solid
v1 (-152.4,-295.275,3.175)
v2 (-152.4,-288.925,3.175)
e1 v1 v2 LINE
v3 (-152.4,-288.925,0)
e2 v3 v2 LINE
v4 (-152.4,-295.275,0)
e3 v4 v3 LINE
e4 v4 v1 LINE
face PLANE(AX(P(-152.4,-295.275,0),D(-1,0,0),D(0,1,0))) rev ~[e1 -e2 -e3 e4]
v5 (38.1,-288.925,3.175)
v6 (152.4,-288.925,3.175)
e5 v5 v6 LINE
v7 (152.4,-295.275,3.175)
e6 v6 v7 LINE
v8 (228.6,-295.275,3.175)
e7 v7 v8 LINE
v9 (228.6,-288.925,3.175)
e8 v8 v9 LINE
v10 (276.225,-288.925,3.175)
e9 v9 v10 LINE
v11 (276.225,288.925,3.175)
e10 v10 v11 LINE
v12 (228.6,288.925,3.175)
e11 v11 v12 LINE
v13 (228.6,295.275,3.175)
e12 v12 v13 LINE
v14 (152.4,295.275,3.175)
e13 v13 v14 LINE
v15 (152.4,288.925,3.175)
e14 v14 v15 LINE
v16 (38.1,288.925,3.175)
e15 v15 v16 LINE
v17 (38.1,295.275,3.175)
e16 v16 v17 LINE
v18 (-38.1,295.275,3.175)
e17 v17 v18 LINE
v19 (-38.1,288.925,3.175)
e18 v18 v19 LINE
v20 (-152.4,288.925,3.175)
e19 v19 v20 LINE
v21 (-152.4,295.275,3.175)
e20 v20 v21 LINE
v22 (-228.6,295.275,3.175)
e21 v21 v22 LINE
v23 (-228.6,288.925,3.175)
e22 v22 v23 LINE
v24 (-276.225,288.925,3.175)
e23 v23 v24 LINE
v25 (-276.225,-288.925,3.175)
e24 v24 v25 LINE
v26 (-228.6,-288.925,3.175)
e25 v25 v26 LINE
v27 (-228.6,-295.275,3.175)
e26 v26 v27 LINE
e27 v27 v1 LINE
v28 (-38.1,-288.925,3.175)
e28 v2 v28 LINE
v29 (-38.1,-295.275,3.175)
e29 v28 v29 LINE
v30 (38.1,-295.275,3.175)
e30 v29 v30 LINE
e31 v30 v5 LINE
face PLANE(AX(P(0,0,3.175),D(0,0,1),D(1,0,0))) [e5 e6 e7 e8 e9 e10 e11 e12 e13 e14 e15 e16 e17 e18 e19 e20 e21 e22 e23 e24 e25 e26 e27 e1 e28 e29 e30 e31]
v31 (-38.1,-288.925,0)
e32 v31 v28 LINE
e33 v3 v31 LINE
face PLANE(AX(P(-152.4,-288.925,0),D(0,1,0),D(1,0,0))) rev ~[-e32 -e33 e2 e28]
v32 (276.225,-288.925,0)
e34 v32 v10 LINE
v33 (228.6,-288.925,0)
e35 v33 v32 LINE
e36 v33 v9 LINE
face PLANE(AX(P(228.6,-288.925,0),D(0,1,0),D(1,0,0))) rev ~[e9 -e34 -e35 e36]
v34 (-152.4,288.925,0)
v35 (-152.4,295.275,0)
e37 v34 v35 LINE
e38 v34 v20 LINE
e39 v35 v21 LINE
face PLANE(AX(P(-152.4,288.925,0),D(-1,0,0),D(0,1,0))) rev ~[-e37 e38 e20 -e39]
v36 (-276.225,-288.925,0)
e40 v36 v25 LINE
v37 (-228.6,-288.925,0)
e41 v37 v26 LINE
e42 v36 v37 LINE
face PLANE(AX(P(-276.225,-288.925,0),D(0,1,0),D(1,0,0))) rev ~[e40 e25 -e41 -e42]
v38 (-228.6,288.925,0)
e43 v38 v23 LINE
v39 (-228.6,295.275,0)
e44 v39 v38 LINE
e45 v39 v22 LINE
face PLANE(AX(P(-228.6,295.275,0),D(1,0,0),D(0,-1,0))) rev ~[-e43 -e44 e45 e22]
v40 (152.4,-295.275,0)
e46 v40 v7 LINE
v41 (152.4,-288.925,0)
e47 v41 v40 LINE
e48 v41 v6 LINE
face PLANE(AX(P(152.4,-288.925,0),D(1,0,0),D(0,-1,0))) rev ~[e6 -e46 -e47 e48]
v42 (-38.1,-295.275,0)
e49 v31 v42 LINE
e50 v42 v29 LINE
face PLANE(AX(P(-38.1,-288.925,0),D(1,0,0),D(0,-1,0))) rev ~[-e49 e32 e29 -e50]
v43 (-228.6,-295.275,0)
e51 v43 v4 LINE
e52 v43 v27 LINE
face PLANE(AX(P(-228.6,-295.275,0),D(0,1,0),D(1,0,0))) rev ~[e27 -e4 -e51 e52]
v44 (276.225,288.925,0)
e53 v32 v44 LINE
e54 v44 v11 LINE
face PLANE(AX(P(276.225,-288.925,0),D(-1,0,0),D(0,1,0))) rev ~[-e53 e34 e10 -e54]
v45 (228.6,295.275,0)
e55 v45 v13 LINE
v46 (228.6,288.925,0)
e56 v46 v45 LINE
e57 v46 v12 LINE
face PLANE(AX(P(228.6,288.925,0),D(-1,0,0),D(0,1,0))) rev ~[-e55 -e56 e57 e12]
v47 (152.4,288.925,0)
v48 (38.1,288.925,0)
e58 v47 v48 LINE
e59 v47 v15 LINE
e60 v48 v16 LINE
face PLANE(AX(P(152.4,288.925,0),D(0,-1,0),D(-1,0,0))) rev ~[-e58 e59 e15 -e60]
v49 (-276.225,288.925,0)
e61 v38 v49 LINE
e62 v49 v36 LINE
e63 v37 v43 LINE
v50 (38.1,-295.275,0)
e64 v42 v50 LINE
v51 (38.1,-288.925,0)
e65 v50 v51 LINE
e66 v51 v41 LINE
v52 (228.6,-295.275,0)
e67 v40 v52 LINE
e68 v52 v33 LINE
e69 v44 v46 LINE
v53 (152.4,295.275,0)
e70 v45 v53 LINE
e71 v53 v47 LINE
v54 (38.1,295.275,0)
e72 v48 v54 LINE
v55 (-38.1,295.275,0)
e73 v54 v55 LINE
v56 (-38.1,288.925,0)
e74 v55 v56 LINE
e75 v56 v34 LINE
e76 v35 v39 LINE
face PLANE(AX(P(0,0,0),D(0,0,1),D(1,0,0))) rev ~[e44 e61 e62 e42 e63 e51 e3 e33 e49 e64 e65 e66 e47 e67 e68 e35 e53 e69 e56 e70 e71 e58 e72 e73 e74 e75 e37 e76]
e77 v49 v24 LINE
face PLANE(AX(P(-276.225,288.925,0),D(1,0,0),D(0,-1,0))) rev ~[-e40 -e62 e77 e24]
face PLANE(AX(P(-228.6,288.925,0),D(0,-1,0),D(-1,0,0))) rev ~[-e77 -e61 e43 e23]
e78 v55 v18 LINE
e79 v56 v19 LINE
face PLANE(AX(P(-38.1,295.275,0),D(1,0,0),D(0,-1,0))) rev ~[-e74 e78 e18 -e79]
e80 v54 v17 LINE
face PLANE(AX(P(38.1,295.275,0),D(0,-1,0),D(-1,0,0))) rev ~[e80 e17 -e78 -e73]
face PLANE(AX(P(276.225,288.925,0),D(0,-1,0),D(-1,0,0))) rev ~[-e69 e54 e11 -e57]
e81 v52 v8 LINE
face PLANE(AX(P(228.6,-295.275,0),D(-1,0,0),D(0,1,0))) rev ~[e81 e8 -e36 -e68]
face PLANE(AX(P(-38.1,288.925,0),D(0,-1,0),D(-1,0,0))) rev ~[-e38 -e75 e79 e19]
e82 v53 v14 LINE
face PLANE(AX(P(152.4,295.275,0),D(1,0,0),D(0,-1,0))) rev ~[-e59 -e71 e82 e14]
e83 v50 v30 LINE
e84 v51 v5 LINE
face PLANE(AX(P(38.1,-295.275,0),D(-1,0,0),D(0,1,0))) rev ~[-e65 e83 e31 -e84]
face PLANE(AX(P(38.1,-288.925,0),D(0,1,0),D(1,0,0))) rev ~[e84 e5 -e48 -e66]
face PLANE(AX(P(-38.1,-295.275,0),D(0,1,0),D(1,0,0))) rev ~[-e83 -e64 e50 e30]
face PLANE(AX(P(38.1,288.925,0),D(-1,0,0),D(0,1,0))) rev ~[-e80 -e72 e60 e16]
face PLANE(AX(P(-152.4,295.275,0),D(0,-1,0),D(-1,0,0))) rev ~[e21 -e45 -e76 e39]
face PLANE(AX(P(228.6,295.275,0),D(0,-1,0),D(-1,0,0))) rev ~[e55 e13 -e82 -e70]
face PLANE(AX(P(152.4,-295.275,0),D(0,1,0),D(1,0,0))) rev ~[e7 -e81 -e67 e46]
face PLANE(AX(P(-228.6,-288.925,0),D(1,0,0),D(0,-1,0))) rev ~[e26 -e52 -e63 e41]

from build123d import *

# Parameters (mm, degrees)
F1_DEPTH = 3.175


with BuildPart() as f1:
    # F0 (on Top) → F1 (new body)
    with BuildSketch(Plane.XY):
        Polygon((228.6, -288.925), (276.225, -288.925), (276.225, 288.925), (228.6, 288.925), (228.6, 295.275), (152.4, 295.275), (152.4, 288.925), (38.1, 288.925), (38.1, 295.275), (-38.1, 295.275), (-38.1, 288.925), (-152.4, 288.925), (-152.4, 295.275), (-228.6, 295.275), (-228.6, 288.925), (-276.225, 288.925), (-276.225, -288.925), (-228.6, -288.925), (-228.6, -295.275), (-152.4, -295.275), (-152.4, -288.925), (-38.1, -288.925), (-38.1, -295.275), (38.1, -295.275), (38.1, -288.925), (152.4, -288.925), (152.4, -295.275), (228.6, -295.275), align=None)
    extrude(amount=F1_DEPTH)


solid = f1.part
